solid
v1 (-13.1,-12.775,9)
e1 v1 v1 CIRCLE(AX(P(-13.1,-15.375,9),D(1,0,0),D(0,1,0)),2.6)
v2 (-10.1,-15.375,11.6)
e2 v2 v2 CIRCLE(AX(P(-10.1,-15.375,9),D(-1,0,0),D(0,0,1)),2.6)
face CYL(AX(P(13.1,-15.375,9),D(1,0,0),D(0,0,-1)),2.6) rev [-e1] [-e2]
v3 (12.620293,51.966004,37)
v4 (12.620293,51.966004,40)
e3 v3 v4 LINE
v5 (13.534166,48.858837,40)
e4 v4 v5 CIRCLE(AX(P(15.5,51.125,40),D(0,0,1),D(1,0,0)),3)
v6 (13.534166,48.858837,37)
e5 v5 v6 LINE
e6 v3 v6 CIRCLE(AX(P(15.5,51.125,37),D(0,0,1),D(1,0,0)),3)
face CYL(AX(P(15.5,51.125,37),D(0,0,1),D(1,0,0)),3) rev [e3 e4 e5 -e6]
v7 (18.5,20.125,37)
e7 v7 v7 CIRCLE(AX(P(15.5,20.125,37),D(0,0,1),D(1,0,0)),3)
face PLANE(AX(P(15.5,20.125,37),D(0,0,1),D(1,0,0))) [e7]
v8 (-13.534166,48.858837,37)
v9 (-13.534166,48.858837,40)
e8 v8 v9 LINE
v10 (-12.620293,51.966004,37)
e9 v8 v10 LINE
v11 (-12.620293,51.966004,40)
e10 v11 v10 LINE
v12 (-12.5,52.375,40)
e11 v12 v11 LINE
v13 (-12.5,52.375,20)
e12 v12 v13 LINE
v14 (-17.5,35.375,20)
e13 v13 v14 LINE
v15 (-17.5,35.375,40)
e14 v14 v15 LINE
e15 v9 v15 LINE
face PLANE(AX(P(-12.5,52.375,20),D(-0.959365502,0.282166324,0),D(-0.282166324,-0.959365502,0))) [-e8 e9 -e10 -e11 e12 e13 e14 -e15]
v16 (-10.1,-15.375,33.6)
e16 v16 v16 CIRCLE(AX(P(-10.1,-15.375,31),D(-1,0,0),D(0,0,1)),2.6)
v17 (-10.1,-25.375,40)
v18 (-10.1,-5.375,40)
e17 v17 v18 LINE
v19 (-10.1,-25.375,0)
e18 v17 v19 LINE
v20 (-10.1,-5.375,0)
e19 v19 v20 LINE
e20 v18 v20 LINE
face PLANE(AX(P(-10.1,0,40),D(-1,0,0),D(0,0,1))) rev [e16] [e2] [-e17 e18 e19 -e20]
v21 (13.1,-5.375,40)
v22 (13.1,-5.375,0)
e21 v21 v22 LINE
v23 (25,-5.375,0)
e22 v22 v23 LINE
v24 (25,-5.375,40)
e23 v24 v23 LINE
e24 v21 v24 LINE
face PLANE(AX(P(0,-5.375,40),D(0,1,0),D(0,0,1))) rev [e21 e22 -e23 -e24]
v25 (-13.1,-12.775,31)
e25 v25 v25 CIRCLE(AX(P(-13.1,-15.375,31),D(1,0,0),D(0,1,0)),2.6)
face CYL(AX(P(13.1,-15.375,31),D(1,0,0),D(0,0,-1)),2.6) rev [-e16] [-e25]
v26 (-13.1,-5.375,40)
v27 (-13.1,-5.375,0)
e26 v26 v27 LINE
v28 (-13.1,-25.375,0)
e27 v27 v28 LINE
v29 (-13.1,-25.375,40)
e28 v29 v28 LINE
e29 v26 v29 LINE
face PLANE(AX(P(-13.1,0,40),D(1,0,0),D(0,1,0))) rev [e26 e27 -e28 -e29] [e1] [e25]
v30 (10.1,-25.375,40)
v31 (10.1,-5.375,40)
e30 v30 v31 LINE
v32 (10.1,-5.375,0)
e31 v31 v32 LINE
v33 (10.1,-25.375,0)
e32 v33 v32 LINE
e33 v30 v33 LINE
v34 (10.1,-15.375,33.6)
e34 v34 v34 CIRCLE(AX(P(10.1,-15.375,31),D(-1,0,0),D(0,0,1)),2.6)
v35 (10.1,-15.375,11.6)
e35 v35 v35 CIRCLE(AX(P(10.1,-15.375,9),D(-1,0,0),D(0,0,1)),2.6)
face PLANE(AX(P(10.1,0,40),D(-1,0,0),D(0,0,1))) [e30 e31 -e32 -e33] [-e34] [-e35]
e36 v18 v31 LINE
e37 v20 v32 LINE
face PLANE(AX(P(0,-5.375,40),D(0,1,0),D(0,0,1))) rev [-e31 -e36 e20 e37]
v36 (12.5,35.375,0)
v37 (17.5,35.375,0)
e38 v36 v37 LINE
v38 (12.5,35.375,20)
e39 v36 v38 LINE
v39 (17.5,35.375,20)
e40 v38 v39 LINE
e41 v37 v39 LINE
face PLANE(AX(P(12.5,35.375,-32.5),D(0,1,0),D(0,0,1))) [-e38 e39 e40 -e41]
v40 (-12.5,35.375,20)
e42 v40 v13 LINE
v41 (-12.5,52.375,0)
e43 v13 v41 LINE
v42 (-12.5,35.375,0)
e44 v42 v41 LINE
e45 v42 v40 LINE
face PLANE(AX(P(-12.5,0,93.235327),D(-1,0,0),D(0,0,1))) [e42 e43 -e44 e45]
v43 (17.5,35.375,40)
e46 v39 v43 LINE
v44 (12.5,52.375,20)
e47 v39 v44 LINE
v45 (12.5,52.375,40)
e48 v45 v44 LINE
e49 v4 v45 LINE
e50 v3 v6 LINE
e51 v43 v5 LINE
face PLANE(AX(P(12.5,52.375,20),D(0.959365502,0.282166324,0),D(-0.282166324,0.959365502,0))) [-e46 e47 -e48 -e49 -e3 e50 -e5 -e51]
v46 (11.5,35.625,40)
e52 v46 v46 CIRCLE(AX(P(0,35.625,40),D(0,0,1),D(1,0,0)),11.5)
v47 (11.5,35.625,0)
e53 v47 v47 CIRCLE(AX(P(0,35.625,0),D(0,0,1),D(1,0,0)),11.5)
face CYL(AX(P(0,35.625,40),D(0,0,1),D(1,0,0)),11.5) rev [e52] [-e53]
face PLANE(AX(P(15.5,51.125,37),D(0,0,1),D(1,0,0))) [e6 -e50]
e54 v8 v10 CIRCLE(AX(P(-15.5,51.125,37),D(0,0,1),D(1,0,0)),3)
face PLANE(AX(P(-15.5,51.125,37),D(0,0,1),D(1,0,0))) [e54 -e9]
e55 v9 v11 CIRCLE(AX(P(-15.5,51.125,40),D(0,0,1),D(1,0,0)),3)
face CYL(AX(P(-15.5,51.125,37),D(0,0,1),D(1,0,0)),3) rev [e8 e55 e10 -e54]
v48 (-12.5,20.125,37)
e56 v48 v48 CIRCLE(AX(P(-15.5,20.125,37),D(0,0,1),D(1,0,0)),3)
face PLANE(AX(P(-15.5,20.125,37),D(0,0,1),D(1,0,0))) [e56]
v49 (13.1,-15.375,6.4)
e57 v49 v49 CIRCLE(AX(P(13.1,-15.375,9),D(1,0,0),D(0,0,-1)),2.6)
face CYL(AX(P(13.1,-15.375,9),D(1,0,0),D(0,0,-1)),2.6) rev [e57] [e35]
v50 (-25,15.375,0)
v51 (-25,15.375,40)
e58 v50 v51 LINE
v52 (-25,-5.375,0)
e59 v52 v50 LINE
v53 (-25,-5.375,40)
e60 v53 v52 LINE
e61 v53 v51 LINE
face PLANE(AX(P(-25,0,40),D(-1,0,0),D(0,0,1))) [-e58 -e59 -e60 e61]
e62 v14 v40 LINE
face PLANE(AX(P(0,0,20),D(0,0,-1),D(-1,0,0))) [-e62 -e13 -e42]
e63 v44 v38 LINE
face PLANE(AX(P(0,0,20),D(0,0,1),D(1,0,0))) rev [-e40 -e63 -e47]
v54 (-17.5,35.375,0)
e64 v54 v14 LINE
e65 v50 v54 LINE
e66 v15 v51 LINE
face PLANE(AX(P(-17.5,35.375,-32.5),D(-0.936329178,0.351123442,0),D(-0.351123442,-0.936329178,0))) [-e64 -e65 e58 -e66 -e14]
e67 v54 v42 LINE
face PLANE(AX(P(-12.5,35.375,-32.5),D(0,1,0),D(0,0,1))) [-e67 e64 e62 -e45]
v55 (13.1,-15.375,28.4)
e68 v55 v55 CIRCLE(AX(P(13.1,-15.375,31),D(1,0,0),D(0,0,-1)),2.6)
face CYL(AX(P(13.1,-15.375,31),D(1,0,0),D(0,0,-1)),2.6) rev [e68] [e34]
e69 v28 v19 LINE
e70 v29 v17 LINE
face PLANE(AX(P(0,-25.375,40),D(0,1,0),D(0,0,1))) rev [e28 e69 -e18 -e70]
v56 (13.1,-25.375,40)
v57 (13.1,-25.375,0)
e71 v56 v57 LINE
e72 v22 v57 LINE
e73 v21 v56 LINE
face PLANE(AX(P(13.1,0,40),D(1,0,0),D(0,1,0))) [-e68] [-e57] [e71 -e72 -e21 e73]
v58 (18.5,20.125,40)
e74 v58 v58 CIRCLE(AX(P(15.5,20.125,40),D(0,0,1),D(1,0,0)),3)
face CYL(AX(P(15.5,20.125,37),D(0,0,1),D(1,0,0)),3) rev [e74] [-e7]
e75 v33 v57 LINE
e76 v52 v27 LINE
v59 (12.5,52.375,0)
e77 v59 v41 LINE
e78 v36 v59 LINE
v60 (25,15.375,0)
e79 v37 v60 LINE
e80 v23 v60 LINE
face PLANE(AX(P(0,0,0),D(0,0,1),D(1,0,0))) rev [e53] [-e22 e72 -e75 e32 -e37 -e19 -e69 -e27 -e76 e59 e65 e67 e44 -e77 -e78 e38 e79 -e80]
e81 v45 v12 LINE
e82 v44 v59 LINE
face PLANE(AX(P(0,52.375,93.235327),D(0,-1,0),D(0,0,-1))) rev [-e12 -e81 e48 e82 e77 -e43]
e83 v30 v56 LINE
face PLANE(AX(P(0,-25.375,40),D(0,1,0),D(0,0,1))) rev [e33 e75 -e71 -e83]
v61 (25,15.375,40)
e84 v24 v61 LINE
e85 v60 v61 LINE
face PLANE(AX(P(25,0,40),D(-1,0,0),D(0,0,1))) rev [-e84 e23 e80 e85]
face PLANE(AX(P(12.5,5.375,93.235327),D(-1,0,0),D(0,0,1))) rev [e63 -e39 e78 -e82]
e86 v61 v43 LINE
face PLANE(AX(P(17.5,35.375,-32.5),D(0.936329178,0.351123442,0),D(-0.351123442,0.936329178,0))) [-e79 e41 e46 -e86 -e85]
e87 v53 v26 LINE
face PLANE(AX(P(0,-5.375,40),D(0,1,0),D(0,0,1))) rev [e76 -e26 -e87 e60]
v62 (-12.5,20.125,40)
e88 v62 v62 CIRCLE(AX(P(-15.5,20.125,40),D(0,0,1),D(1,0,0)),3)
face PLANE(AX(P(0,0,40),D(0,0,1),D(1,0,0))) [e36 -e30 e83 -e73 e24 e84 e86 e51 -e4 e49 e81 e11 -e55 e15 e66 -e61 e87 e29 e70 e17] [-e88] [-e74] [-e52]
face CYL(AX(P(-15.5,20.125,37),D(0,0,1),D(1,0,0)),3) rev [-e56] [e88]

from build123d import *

# Parameters (mm, degrees)
EXTRUDE_1_DEPTH     = 40
SKETCH_2_W          = 25
SKETCH_2_H          = 47
EXTRUDE_2_DEPTH     = 40
HOLE_WIZARD_3_D     = 23
EXTRUDE_3_DEPTH     = 40
EXTRUDE_5_DEPTH     = 20
HOLE_WIZARD_4_D     = 5.2
SKETCH_15_R         = 3
CUT_EXTRUDE_1_DEPTH = 3


with BuildPart() as part:
    # 草图1 → 凸台-拉伸1 (new body)
    with BuildSketch(Plane.XY):
        Polygon((13.1, -5.375), (13.1, -25.375), (10.1, -25.375), (10.1, -5.375), (-10.1, -5.375), (-10.1, -25.375), (-13.1, -25.375), (-13.1, -5.375), (-25, -5.375), (-25, 5.375), (25, 5.375), (25, -5.375), align=None)
    extrude(amount=EXTRUDE_1_DEPTH)

    # 草图2 → 凸台-拉伸2 (add)
    with BuildSketch(Plane(origin=(0, 0, 0), x_dir=(-1, 0, 0), z_dir=(0, 0, -1))):
        with Locations((0, 28.875)):
            Rectangle(SKETCH_2_W, SKETCH_2_H)
    extrude(amount=-EXTRUDE_2_DEPTH)

    # 孔3 (through all)
    with Locations(Plane.XY.offset(40)):
        with Locations((0, 35.625)):
            Hole(HOLE_WIZARD_3_D / 2)

    # 草图10 → 凸台-拉伸3 (add)
    with BuildSketch(Plane.XY.offset(40)):
        Polygon((12.5, 35.375), (17.5, 35.375), (25, 15.375), (25, 5.375), (12.5, 5.375), align=None)
        Polygon((-12.5, 35.375), (-12.5, 5.375), (-25, 5.375), (-25, 15.375), (-17.5, 35.375), align=None)
    extrude(amount=-EXTRUDE_3_DEPTH)

    # 草图12 → 凸台-拉伸5 (add)
    with BuildSketch(Plane.XY.offset(40)):
        Polygon((12.5, 52.375), (17.5, 35.375), (12.5, 35.375), align=None)
        Polygon((-12.5, 52.375), (-17.5, 35.375), (-12.5, 35.375), align=None)
    extrude(amount=-EXTRUDE_5_DEPTH)

    # 孔4 (through all)
    with Locations(Plane(origin=(13.1, 0, 0), x_dir=(0, 0, -1), z_dir=(1, 0, 0))):
        with Locations((-31, -15.375), (-9, -15.375)):
            Hole(HOLE_WIZARD_4_D / 2)

    # 草图15 → 切除-拉伸1 (cut)
    with BuildSketch(Plane.XY.offset(40)):
        with Locations((-15.5, 51.125)):
            Circle(SKETCH_15_R)
        with Locations((15.5, 51.125)):
            Circle(SKETCH_15_R)
        with Locations((-15.5, 20.125)):
            Circle(SKETCH_15_R)
        with Locations((15.5, 20.125)):
            Circle(SKETCH_15_R)
    extrude(amount=-CUT_EXTRUDE_1_DEPTH, mode=Mode.SUBTRACT)


solid = part.part
